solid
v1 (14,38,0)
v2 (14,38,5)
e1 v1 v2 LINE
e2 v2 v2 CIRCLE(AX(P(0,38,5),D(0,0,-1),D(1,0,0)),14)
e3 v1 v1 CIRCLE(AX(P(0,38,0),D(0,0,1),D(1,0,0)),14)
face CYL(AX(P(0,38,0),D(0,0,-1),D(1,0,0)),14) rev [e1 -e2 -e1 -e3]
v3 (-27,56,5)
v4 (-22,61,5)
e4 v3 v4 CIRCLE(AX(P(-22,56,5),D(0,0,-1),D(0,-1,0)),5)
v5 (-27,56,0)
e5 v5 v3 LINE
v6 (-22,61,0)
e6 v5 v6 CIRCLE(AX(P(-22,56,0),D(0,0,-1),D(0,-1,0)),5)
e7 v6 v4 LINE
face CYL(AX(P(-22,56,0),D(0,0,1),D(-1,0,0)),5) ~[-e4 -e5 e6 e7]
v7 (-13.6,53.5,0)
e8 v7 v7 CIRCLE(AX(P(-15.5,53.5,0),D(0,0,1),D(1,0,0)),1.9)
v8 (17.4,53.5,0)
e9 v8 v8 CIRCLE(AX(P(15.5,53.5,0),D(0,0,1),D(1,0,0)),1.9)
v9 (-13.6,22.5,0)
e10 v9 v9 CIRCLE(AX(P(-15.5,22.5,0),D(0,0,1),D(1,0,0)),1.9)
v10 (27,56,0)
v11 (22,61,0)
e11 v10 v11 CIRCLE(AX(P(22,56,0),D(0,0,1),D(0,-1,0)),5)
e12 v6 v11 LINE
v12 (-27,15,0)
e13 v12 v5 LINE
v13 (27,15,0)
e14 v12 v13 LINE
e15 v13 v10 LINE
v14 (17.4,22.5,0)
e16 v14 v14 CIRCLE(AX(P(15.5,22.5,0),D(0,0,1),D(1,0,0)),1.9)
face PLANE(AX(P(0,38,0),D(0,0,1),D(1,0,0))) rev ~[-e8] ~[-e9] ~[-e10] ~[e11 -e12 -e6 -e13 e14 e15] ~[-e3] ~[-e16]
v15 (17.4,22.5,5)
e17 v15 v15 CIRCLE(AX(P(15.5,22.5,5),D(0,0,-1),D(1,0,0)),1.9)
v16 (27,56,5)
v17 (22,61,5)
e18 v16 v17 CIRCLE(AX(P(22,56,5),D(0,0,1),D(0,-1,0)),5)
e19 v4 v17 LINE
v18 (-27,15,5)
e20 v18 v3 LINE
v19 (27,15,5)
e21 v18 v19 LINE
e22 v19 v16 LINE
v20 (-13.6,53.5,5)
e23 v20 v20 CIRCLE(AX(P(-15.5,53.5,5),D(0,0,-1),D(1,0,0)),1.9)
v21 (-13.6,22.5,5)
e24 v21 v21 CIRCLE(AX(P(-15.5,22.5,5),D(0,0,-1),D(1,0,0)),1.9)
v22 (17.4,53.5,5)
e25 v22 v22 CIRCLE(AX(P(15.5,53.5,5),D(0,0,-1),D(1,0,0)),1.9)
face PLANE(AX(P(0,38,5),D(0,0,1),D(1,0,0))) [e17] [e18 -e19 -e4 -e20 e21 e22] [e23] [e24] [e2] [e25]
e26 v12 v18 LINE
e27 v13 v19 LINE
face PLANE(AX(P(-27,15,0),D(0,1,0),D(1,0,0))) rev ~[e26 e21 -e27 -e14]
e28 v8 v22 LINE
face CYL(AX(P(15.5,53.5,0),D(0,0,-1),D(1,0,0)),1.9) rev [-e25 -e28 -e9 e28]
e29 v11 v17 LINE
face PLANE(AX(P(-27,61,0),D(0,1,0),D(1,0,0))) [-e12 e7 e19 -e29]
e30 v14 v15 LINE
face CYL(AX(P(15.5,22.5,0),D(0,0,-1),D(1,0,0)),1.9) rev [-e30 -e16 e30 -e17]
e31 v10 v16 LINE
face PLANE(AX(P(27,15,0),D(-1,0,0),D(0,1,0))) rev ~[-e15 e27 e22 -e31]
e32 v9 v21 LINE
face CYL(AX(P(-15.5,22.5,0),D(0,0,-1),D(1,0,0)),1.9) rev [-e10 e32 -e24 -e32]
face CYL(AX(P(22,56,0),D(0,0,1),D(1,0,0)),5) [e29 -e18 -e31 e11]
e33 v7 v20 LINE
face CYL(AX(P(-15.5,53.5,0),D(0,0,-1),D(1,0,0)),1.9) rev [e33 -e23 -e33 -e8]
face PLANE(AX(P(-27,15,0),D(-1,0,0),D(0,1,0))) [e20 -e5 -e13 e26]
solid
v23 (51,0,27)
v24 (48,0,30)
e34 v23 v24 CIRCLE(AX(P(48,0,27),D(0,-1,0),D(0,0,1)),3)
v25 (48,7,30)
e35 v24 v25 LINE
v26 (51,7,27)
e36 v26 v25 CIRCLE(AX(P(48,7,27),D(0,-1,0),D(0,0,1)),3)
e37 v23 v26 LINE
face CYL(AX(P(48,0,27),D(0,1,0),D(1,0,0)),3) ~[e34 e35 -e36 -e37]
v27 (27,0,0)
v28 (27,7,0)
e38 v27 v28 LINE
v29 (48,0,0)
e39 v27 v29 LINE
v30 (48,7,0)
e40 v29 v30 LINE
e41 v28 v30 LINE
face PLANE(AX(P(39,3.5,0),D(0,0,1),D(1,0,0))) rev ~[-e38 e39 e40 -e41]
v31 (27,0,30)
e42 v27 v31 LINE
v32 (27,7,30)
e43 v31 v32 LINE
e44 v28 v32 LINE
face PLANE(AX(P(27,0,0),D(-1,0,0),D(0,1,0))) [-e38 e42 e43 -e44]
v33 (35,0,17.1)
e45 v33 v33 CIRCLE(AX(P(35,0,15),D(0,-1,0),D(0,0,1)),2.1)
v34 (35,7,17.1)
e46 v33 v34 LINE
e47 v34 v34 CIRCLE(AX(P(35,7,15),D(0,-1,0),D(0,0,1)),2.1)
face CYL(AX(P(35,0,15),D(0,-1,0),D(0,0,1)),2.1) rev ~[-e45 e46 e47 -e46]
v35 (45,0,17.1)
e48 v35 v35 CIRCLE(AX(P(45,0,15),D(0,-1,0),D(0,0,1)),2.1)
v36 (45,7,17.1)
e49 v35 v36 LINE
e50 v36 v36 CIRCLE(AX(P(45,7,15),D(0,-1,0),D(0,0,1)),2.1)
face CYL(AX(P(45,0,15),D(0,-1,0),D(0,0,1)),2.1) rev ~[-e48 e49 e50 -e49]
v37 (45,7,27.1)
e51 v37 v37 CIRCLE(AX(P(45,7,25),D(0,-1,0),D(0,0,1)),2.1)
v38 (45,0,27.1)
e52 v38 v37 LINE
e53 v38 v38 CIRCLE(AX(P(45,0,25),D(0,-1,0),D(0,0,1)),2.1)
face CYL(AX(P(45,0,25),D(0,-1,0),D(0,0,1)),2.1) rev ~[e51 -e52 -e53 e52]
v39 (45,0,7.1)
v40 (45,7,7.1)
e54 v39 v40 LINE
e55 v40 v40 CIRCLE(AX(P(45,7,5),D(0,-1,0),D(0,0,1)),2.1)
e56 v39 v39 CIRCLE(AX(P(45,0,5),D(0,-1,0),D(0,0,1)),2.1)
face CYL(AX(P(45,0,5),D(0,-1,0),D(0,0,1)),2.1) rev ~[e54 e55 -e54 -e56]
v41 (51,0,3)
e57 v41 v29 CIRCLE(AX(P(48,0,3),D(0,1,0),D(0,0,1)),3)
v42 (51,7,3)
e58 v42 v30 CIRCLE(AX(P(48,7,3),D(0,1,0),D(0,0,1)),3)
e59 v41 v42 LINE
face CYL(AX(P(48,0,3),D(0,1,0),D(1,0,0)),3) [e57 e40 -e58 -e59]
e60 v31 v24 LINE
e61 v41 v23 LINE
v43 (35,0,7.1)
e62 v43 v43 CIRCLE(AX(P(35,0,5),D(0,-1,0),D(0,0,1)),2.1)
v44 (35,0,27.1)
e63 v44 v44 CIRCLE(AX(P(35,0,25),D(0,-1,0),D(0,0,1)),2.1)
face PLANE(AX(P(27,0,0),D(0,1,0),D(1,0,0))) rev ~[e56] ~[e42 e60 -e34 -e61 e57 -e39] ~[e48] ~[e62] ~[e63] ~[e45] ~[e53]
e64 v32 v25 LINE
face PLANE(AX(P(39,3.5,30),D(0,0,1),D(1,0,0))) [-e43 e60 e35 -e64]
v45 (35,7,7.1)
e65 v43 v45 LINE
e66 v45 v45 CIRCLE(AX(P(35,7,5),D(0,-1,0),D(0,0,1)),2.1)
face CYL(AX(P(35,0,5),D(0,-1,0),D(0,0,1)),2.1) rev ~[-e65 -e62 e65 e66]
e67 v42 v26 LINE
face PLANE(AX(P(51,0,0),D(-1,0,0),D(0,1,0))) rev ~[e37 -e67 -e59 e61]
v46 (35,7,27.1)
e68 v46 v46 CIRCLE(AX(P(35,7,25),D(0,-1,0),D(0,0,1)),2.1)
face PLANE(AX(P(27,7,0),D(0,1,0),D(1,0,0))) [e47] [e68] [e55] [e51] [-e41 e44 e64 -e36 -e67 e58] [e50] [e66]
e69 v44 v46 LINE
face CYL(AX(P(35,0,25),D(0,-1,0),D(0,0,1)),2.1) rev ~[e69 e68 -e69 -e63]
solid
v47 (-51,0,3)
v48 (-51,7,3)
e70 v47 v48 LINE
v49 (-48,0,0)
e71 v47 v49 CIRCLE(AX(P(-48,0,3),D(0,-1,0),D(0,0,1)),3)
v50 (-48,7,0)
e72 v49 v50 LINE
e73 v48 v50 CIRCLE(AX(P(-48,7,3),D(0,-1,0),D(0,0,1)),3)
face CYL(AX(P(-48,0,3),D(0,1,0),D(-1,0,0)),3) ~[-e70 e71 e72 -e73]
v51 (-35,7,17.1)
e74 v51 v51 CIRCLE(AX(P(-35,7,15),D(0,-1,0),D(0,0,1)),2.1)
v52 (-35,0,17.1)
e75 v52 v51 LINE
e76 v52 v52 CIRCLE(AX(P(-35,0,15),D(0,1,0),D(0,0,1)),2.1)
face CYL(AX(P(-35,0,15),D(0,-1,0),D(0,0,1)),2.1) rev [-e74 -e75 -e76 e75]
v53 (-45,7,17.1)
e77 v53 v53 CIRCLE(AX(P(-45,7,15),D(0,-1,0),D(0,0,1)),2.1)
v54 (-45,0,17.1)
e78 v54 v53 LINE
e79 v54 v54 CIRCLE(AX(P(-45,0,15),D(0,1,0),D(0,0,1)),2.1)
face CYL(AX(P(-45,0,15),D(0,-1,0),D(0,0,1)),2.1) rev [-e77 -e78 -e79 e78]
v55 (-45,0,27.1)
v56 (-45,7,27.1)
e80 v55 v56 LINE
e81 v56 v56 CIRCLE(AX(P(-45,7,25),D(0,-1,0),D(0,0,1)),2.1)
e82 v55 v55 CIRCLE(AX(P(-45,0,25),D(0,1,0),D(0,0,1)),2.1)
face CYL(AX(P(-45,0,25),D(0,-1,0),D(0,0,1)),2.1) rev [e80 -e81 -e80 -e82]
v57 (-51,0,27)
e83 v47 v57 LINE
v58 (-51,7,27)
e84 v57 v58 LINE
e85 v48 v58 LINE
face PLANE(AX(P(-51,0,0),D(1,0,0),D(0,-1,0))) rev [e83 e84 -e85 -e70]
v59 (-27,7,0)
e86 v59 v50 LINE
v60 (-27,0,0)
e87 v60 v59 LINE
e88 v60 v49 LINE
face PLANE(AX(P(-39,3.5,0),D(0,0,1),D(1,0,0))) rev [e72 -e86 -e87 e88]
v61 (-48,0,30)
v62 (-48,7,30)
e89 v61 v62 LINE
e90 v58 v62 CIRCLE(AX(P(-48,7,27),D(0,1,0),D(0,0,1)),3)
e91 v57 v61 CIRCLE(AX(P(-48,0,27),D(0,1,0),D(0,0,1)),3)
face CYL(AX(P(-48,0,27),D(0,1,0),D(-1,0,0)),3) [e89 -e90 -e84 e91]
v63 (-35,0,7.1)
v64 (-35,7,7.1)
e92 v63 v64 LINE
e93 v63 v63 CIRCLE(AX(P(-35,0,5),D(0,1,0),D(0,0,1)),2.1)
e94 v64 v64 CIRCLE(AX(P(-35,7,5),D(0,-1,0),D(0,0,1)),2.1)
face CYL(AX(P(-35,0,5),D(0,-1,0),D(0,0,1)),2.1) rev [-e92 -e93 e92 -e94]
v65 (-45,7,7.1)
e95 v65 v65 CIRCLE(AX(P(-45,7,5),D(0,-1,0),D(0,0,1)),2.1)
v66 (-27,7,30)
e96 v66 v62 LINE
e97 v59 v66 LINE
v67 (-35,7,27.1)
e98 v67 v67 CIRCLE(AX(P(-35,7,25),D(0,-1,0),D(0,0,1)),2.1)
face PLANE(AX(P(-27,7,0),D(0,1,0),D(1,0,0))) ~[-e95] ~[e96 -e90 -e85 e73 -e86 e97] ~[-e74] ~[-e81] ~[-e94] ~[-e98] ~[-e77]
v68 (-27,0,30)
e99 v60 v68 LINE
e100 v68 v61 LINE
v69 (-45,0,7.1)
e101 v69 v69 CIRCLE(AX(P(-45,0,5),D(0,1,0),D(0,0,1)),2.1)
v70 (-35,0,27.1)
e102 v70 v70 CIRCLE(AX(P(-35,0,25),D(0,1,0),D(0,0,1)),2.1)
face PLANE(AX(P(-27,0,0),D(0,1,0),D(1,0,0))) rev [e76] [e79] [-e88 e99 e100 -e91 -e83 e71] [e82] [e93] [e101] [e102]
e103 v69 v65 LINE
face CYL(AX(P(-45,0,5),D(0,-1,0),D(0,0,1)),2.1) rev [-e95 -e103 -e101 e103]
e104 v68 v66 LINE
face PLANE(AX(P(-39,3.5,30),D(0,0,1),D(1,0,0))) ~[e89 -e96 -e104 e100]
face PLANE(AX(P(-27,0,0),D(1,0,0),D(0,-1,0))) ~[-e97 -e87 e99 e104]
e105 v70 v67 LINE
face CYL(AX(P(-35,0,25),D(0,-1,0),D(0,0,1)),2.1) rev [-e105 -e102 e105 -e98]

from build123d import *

# Parameters (mm, degrees)
CYLINDER006_R        = 1.9
CYLINDER006_DEPTH    = 10
ARRAY_X_COUNT        = 2
ARRAY_X_PITCH        = 31
ARRAY_Y_COUNT        = 2
ARRAY_Y_PITCH        = 31
CYLINDER009_R        = 2.1
CYLINDER009_DEPTH    = 10
ARRAY002_X_COUNT     = 3
ARRAY002_X_PITCH     = 10
ARRAY002_Y_COUNT     = 2
ARRAY002_Y_PITCH     = 10
BODY_PITCH_ANGLE     = -90
BODY_PLACEMENT_ANGLE = -90
CYLINDER005_R        = 14
CYLINDER005_DEPTH    = 20
BOX004_W             = 24
BOX004_H             = 7
BOX004_DEPTH         = 30
FILLET004_R          = 3
BOX003_W             = 54
BOX003_H             = 46
BOX003_DEPTH         = 5
FILLET001_R          = 5


with BuildPart() as stepper_bolt_hole_array:
    # Cylinder006 → Cylinder006 (new body)
    with BuildSketch(Plane(origin=(0, 38, 0), x_dir=(1, 0, 0), z_dir=(0, 0, 1))):
        Circle(CYLINDER006_R)
    extrude(amount=CYLINDER006_DEPTH)

    # Array X: stepper bolt hole array ×2


with BuildPart() as stepper_bolt_hole_array_1:
    add(stepper_bolt_hole_array.part)
    with Locations(*[(i * ARRAY_X_PITCH, 0, 0) for i in range(1, ARRAY_X_COUNT)]):
        add(stepper_bolt_hole_array.part)

    # Array Y: stepper bolt hole array ×2


with BuildPart() as stepper_bolt_hole_array_2:
    add(stepper_bolt_hole_array_1.part)
    with Locations(*[(0, i * ARRAY_Y_PITCH, 0) for i in range(1, ARRAY_Y_COUNT)]):
        add(stepper_bolt_hole_array_1.part)


with BuildPart() as stepper_bolt_hole_array_3:
    # Array placement: moved
    add(stepper_bolt_hole_array_2.part.moved(Location((-15.5, -15.5, 0))))


with BuildPart() as holdert_hole_clone:
    # Cylinder009 → Cylinder009 (new body)
    with BuildSketch(Plane.XY):
        Circle(CYLINDER009_R)
    extrude(amount=CYLINDER009_DEPTH)

    # Array002 X: holdert hole clone ×3


with BuildPart() as holdert_hole_clone_1:
    add(holdert_hole_clone.part)
    with Locations(*[(i * ARRAY002_X_PITCH, 0, 0) for i in range(1, ARRAY002_X_COUNT)]):
        add(holdert_hole_clone.part)

    # Array002 Y: holdert hole clone ×2


with BuildPart() as holdert_hole_clone_2:
    add(holdert_hole_clone_1.part)
    with Locations(*[(0, i * ARRAY002_Y_PITCH, 0) for i in range(1, ARRAY002_Y_COUNT)]):
        add(holdert_hole_clone_1.part)


with BuildPart() as holdert_hole_clone_3:
    # Body pitch: moved
    add(holdert_hole_clone_2.part.rotate(Axis((0, 0, 0), (0, 1, 0)), BODY_PITCH_ANGLE))


with BuildPart() as holdert_hole_clone_4:
    # Body placement: moved
    add(holdert_hole_clone_3.part.moved(Location((-45, 0, 5))).rotate(Axis((-45, 0, 5), (0, 0, 1)), BODY_PLACEMENT_ANGLE))


with BuildPart() as part_mirroring005:
    # Part__Mirroring005: instance of holdert hole clone
    add(holdert_hole_clone_4.part.mirror(Plane(origin=(0, 0, 0), x_dir=(0, -1, 0), z_dir=(1, 0, 0))))


with BuildPart() as stepper_wall_extract_fusion:
    # Cylinder005 → Cylinder005 (new body)
    with BuildSketch(Plane(origin=(0, 38, 0), x_dir=(1, 0, 0), z_dir=(0, 0, 1))):
        Circle(CYLINDER005_R)
    extrude(amount=CYLINDER005_DEPTH)

    # Fusion006: union stepper bolt hole array, Part__Mirroring005, holdert hole clone
    add(stepper_bolt_hole_array_3.part)
    add(part_mirroring005.part)
    add(holdert_hole_clone_4.part)


with BuildPart() as stepper_top_wall_fillet:
    # Box004 → Box004 (new body)
    with BuildSketch(Plane(origin=(27, 0, 0), x_dir=(1, 0, 0), z_dir=(0, 0, 1))):
        with Locations((12, 3.5)):
            Rectangle(BOX004_W, BOX004_H)
    extrude(amount=BOX004_DEPTH)

    # Fillet004
    fillet004_edges = [stepper_top_wall_fillet.edges().sort_by_distance(p)[0] for p in [
        (51, 3.5, 30),
        (51, 3.5, 0),
    ]]
    fillet(fillet004_edges, radius=FILLET004_R)


with BuildPart() as part_mirroring003:
    # Part__Mirroring003: instance of stepper top wall fillet
    add(stepper_top_wall_fillet.part.mirror(Plane(origin=(0, 0, 0), x_dir=(0, -1, 0), z_dir=(1, 0, 0))))


with BuildPart() as stepper_wall_cut:
    # Box003 → Box003 (new body)
    with BuildSketch(Plane(origin=(-27, 15, 0), x_dir=(1, 0, 0), z_dir=(0, 0, 1))):
        with Locations((27, 23)):
            Rectangle(BOX003_W, BOX003_H)
    extrude(amount=BOX003_DEPTH)

    # Fillet001
    fillet001_edges = [stepper_wall_cut.edges().sort_by_distance(p)[0] for p in [
        (-27, 61, 2.5),
        (27, 61, 2.5),
    ]]
    fillet(fillet001_edges, radius=FILLET001_R)

    # Fusion007: union stepper top wall fillet, Part__Mirroring003
    add(stepper_top_wall_fillet.part)
    add(part_mirroring003.part)

    # Cut003: cut stepper wall extract fusion
    add(stepper_wall_extract_fusion.part, mode=Mode.SUBTRACT)


solid = stepper_wall_cut.part
